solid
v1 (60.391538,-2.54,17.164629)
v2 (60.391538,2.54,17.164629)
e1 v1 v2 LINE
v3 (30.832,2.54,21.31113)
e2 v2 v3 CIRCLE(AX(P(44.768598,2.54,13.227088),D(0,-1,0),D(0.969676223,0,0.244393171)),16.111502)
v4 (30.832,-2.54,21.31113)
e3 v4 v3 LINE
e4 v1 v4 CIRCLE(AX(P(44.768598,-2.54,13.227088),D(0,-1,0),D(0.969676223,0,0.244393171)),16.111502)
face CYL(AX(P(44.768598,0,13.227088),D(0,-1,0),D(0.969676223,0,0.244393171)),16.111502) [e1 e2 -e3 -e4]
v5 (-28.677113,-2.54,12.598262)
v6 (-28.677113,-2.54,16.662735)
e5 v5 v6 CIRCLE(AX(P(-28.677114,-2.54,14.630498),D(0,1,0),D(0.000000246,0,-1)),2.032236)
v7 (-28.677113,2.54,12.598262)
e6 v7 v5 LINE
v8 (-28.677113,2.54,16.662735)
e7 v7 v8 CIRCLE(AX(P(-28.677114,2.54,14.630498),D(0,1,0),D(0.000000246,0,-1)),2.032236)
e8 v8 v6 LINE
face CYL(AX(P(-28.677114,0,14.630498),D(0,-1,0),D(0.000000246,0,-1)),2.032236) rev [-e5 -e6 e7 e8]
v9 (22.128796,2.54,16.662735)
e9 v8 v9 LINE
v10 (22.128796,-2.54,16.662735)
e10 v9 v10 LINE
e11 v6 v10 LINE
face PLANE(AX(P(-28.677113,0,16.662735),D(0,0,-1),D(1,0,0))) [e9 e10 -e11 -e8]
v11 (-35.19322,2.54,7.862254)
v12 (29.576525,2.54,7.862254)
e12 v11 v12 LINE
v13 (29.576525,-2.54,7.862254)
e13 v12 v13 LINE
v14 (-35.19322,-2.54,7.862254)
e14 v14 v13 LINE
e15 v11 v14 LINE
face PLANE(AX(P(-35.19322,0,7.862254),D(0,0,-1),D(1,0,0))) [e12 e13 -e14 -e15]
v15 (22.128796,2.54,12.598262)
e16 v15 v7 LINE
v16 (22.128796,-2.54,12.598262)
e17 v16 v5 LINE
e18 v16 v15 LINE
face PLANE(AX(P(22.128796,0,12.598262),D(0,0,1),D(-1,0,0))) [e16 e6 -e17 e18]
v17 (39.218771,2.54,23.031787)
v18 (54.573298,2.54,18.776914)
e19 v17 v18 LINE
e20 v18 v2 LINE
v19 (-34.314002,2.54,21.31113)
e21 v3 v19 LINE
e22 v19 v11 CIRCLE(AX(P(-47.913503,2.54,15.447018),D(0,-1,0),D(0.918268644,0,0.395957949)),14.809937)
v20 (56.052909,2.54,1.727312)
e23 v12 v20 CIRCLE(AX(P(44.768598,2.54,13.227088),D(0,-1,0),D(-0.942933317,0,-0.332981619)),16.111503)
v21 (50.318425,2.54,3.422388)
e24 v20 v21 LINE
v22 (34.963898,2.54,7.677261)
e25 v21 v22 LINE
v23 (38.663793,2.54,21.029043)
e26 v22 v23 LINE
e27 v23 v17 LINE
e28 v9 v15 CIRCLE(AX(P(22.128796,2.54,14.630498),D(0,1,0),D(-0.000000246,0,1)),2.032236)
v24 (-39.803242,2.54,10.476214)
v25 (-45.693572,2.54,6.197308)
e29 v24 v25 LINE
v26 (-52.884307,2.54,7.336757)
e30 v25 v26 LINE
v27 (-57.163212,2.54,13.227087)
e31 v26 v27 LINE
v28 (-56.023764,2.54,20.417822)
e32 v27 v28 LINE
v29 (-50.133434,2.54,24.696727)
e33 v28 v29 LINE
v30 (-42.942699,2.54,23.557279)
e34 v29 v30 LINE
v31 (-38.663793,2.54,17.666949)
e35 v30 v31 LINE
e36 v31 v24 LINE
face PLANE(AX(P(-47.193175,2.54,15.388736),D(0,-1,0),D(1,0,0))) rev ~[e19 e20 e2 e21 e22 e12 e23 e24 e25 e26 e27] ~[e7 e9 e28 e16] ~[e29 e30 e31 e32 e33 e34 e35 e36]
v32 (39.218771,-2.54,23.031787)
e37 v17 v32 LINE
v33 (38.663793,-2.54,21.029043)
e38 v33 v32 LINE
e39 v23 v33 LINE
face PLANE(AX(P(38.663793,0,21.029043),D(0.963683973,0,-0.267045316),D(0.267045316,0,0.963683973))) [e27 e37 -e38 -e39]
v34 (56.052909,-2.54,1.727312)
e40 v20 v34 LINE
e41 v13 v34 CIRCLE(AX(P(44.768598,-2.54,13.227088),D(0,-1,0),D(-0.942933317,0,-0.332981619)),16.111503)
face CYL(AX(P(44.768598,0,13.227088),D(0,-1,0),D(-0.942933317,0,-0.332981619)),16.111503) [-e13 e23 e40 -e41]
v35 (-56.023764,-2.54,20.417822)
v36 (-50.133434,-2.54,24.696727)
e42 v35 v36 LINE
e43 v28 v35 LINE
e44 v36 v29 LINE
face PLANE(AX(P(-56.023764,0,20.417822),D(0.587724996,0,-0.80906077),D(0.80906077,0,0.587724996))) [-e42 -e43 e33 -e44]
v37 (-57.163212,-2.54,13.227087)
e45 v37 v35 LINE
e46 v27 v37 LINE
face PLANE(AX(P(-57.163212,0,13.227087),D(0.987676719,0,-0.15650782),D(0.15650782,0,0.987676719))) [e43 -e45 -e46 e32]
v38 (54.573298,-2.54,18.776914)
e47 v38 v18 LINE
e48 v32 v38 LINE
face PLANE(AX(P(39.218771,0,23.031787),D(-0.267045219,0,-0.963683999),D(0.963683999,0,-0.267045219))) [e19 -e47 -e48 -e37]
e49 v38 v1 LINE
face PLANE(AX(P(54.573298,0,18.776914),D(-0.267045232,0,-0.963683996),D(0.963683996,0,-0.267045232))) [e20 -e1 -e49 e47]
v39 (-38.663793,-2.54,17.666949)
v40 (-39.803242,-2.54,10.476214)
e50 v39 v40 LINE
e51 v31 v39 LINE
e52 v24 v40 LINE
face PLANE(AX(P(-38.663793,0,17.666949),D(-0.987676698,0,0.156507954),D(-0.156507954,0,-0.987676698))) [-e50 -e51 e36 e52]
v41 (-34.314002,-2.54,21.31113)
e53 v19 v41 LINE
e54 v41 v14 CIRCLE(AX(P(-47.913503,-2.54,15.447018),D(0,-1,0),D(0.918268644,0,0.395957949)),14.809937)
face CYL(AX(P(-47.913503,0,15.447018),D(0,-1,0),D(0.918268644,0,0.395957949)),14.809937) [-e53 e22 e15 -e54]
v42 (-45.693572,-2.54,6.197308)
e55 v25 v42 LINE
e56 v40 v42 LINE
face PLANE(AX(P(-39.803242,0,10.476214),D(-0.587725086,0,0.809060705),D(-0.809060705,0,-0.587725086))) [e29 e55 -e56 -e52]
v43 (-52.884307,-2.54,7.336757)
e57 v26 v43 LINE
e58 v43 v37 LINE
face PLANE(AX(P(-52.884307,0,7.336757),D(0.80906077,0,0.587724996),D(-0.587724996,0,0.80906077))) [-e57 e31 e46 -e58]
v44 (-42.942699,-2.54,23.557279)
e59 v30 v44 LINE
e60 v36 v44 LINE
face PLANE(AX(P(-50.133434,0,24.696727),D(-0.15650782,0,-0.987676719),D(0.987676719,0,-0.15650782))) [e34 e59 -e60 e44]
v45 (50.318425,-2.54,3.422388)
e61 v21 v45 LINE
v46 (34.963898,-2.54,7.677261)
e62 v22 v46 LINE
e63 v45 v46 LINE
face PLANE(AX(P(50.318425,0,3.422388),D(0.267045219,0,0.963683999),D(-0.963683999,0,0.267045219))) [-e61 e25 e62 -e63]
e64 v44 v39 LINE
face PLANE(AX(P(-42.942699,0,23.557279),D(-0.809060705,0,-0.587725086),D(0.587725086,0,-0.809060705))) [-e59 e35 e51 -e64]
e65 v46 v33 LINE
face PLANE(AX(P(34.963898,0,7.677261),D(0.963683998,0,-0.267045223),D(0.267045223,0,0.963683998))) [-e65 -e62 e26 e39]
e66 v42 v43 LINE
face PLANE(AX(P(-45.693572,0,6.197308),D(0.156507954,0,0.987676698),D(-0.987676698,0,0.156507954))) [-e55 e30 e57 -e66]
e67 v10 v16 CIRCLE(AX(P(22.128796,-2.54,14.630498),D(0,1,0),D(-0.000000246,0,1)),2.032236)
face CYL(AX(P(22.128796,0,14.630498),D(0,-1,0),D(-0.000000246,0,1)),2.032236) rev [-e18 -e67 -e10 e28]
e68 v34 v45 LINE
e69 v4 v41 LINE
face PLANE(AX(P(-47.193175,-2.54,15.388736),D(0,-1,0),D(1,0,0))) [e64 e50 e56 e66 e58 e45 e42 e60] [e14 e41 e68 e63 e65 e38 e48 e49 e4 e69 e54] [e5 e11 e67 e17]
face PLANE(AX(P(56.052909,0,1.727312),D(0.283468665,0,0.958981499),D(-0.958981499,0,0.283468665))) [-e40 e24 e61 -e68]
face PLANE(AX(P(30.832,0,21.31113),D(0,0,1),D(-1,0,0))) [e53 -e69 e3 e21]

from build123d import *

# Parameters (mm, degrees)
F1_DEPTH = 2.54


with BuildPart() as f1:
    # F0 (on Front) → F1 (new body, symmetric)
    with BuildSketch(Plane.XZ):
        with BuildLine():
            Line((-34.314002, 9.582906), (-34.314002, 21.31113))
            ThreePointArc((-34.314002, 21.31113), (-62.691893, 16.413153), (-35.19322, 7.862254))
            ThreePointArc((-35.19322, 7.862254), (-34.725519, 8.708226), (-34.314002, 9.582906))
        make_face()
        Polygon((-42.942699, 23.557279), (-38.663793, 17.666949), (-39.803242, 10.476214), (-45.693572, 6.197308), (-52.884307, 7.336757), (-57.163212, 13.227087), (-56.023764, 20.417822), (-50.133434, 24.696727), align=None, mode=Mode.SUBTRACT)
        with BuildLine():
            Line((30.832, 21.31113), (-34.314002, 21.31113))
            Line((-34.314002, 21.31113), (-34.314002, 9.582906))
            ThreePointArc((-34.314002, 9.582906), (-34.725519, 8.708226), (-35.19322, 7.862254))
            Line((-35.19322, 7.862254), (-34.314002, 7.862254))
            Line((-34.314002, 7.862254), (29.576525, 7.862254))
            ThreePointArc((29.576525, 7.862254), (28.726842, 14.724611), (30.832, 21.31113))
        make_face()
        with BuildLine():
            ThreePointArc((-28.677113, 12.598262), (-30.70935, 14.630499), (-28.677113, 16.662735))
            Line((-28.677113, 16.662735), (22.128796, 16.662735))
            ThreePointArc((22.128796, 16.662735), (24.161033, 14.630499), (22.128796, 12.598262))
            Line((22.128796, 12.598262), (-28.677113, 12.598262))
        make_face(mode=Mode.SUBTRACT)
        with BuildLine():
            ThreePointArc((60.391538, 17.164629), (47.006746, 29.182375), (30.832, 21.31113))
            ThreePointArc((30.832, 21.31113), (28.726842, 14.724611), (29.576525, 7.862254))
            ThreePointArc((29.576525, 7.862254), (41.1317, -2.468564), (56.052909, 1.727312))
            Line((56.052909, 1.727312), (50.318425, 3.422388))
            Line((50.318425, 3.422388), (34.963898, 7.677261))
            Line((34.963898, 7.677261), (38.663793, 21.029043))
            Line((38.663793, 21.029043), (39.218771, 23.031787))
            Line((39.218771, 23.031787), (54.573298, 18.776914))
            Line((54.573298, 18.776914), (60.391538, 17.164629))
        make_face()
    extrude(amount=F1_DEPTH, both=True)


solid = f1.part
